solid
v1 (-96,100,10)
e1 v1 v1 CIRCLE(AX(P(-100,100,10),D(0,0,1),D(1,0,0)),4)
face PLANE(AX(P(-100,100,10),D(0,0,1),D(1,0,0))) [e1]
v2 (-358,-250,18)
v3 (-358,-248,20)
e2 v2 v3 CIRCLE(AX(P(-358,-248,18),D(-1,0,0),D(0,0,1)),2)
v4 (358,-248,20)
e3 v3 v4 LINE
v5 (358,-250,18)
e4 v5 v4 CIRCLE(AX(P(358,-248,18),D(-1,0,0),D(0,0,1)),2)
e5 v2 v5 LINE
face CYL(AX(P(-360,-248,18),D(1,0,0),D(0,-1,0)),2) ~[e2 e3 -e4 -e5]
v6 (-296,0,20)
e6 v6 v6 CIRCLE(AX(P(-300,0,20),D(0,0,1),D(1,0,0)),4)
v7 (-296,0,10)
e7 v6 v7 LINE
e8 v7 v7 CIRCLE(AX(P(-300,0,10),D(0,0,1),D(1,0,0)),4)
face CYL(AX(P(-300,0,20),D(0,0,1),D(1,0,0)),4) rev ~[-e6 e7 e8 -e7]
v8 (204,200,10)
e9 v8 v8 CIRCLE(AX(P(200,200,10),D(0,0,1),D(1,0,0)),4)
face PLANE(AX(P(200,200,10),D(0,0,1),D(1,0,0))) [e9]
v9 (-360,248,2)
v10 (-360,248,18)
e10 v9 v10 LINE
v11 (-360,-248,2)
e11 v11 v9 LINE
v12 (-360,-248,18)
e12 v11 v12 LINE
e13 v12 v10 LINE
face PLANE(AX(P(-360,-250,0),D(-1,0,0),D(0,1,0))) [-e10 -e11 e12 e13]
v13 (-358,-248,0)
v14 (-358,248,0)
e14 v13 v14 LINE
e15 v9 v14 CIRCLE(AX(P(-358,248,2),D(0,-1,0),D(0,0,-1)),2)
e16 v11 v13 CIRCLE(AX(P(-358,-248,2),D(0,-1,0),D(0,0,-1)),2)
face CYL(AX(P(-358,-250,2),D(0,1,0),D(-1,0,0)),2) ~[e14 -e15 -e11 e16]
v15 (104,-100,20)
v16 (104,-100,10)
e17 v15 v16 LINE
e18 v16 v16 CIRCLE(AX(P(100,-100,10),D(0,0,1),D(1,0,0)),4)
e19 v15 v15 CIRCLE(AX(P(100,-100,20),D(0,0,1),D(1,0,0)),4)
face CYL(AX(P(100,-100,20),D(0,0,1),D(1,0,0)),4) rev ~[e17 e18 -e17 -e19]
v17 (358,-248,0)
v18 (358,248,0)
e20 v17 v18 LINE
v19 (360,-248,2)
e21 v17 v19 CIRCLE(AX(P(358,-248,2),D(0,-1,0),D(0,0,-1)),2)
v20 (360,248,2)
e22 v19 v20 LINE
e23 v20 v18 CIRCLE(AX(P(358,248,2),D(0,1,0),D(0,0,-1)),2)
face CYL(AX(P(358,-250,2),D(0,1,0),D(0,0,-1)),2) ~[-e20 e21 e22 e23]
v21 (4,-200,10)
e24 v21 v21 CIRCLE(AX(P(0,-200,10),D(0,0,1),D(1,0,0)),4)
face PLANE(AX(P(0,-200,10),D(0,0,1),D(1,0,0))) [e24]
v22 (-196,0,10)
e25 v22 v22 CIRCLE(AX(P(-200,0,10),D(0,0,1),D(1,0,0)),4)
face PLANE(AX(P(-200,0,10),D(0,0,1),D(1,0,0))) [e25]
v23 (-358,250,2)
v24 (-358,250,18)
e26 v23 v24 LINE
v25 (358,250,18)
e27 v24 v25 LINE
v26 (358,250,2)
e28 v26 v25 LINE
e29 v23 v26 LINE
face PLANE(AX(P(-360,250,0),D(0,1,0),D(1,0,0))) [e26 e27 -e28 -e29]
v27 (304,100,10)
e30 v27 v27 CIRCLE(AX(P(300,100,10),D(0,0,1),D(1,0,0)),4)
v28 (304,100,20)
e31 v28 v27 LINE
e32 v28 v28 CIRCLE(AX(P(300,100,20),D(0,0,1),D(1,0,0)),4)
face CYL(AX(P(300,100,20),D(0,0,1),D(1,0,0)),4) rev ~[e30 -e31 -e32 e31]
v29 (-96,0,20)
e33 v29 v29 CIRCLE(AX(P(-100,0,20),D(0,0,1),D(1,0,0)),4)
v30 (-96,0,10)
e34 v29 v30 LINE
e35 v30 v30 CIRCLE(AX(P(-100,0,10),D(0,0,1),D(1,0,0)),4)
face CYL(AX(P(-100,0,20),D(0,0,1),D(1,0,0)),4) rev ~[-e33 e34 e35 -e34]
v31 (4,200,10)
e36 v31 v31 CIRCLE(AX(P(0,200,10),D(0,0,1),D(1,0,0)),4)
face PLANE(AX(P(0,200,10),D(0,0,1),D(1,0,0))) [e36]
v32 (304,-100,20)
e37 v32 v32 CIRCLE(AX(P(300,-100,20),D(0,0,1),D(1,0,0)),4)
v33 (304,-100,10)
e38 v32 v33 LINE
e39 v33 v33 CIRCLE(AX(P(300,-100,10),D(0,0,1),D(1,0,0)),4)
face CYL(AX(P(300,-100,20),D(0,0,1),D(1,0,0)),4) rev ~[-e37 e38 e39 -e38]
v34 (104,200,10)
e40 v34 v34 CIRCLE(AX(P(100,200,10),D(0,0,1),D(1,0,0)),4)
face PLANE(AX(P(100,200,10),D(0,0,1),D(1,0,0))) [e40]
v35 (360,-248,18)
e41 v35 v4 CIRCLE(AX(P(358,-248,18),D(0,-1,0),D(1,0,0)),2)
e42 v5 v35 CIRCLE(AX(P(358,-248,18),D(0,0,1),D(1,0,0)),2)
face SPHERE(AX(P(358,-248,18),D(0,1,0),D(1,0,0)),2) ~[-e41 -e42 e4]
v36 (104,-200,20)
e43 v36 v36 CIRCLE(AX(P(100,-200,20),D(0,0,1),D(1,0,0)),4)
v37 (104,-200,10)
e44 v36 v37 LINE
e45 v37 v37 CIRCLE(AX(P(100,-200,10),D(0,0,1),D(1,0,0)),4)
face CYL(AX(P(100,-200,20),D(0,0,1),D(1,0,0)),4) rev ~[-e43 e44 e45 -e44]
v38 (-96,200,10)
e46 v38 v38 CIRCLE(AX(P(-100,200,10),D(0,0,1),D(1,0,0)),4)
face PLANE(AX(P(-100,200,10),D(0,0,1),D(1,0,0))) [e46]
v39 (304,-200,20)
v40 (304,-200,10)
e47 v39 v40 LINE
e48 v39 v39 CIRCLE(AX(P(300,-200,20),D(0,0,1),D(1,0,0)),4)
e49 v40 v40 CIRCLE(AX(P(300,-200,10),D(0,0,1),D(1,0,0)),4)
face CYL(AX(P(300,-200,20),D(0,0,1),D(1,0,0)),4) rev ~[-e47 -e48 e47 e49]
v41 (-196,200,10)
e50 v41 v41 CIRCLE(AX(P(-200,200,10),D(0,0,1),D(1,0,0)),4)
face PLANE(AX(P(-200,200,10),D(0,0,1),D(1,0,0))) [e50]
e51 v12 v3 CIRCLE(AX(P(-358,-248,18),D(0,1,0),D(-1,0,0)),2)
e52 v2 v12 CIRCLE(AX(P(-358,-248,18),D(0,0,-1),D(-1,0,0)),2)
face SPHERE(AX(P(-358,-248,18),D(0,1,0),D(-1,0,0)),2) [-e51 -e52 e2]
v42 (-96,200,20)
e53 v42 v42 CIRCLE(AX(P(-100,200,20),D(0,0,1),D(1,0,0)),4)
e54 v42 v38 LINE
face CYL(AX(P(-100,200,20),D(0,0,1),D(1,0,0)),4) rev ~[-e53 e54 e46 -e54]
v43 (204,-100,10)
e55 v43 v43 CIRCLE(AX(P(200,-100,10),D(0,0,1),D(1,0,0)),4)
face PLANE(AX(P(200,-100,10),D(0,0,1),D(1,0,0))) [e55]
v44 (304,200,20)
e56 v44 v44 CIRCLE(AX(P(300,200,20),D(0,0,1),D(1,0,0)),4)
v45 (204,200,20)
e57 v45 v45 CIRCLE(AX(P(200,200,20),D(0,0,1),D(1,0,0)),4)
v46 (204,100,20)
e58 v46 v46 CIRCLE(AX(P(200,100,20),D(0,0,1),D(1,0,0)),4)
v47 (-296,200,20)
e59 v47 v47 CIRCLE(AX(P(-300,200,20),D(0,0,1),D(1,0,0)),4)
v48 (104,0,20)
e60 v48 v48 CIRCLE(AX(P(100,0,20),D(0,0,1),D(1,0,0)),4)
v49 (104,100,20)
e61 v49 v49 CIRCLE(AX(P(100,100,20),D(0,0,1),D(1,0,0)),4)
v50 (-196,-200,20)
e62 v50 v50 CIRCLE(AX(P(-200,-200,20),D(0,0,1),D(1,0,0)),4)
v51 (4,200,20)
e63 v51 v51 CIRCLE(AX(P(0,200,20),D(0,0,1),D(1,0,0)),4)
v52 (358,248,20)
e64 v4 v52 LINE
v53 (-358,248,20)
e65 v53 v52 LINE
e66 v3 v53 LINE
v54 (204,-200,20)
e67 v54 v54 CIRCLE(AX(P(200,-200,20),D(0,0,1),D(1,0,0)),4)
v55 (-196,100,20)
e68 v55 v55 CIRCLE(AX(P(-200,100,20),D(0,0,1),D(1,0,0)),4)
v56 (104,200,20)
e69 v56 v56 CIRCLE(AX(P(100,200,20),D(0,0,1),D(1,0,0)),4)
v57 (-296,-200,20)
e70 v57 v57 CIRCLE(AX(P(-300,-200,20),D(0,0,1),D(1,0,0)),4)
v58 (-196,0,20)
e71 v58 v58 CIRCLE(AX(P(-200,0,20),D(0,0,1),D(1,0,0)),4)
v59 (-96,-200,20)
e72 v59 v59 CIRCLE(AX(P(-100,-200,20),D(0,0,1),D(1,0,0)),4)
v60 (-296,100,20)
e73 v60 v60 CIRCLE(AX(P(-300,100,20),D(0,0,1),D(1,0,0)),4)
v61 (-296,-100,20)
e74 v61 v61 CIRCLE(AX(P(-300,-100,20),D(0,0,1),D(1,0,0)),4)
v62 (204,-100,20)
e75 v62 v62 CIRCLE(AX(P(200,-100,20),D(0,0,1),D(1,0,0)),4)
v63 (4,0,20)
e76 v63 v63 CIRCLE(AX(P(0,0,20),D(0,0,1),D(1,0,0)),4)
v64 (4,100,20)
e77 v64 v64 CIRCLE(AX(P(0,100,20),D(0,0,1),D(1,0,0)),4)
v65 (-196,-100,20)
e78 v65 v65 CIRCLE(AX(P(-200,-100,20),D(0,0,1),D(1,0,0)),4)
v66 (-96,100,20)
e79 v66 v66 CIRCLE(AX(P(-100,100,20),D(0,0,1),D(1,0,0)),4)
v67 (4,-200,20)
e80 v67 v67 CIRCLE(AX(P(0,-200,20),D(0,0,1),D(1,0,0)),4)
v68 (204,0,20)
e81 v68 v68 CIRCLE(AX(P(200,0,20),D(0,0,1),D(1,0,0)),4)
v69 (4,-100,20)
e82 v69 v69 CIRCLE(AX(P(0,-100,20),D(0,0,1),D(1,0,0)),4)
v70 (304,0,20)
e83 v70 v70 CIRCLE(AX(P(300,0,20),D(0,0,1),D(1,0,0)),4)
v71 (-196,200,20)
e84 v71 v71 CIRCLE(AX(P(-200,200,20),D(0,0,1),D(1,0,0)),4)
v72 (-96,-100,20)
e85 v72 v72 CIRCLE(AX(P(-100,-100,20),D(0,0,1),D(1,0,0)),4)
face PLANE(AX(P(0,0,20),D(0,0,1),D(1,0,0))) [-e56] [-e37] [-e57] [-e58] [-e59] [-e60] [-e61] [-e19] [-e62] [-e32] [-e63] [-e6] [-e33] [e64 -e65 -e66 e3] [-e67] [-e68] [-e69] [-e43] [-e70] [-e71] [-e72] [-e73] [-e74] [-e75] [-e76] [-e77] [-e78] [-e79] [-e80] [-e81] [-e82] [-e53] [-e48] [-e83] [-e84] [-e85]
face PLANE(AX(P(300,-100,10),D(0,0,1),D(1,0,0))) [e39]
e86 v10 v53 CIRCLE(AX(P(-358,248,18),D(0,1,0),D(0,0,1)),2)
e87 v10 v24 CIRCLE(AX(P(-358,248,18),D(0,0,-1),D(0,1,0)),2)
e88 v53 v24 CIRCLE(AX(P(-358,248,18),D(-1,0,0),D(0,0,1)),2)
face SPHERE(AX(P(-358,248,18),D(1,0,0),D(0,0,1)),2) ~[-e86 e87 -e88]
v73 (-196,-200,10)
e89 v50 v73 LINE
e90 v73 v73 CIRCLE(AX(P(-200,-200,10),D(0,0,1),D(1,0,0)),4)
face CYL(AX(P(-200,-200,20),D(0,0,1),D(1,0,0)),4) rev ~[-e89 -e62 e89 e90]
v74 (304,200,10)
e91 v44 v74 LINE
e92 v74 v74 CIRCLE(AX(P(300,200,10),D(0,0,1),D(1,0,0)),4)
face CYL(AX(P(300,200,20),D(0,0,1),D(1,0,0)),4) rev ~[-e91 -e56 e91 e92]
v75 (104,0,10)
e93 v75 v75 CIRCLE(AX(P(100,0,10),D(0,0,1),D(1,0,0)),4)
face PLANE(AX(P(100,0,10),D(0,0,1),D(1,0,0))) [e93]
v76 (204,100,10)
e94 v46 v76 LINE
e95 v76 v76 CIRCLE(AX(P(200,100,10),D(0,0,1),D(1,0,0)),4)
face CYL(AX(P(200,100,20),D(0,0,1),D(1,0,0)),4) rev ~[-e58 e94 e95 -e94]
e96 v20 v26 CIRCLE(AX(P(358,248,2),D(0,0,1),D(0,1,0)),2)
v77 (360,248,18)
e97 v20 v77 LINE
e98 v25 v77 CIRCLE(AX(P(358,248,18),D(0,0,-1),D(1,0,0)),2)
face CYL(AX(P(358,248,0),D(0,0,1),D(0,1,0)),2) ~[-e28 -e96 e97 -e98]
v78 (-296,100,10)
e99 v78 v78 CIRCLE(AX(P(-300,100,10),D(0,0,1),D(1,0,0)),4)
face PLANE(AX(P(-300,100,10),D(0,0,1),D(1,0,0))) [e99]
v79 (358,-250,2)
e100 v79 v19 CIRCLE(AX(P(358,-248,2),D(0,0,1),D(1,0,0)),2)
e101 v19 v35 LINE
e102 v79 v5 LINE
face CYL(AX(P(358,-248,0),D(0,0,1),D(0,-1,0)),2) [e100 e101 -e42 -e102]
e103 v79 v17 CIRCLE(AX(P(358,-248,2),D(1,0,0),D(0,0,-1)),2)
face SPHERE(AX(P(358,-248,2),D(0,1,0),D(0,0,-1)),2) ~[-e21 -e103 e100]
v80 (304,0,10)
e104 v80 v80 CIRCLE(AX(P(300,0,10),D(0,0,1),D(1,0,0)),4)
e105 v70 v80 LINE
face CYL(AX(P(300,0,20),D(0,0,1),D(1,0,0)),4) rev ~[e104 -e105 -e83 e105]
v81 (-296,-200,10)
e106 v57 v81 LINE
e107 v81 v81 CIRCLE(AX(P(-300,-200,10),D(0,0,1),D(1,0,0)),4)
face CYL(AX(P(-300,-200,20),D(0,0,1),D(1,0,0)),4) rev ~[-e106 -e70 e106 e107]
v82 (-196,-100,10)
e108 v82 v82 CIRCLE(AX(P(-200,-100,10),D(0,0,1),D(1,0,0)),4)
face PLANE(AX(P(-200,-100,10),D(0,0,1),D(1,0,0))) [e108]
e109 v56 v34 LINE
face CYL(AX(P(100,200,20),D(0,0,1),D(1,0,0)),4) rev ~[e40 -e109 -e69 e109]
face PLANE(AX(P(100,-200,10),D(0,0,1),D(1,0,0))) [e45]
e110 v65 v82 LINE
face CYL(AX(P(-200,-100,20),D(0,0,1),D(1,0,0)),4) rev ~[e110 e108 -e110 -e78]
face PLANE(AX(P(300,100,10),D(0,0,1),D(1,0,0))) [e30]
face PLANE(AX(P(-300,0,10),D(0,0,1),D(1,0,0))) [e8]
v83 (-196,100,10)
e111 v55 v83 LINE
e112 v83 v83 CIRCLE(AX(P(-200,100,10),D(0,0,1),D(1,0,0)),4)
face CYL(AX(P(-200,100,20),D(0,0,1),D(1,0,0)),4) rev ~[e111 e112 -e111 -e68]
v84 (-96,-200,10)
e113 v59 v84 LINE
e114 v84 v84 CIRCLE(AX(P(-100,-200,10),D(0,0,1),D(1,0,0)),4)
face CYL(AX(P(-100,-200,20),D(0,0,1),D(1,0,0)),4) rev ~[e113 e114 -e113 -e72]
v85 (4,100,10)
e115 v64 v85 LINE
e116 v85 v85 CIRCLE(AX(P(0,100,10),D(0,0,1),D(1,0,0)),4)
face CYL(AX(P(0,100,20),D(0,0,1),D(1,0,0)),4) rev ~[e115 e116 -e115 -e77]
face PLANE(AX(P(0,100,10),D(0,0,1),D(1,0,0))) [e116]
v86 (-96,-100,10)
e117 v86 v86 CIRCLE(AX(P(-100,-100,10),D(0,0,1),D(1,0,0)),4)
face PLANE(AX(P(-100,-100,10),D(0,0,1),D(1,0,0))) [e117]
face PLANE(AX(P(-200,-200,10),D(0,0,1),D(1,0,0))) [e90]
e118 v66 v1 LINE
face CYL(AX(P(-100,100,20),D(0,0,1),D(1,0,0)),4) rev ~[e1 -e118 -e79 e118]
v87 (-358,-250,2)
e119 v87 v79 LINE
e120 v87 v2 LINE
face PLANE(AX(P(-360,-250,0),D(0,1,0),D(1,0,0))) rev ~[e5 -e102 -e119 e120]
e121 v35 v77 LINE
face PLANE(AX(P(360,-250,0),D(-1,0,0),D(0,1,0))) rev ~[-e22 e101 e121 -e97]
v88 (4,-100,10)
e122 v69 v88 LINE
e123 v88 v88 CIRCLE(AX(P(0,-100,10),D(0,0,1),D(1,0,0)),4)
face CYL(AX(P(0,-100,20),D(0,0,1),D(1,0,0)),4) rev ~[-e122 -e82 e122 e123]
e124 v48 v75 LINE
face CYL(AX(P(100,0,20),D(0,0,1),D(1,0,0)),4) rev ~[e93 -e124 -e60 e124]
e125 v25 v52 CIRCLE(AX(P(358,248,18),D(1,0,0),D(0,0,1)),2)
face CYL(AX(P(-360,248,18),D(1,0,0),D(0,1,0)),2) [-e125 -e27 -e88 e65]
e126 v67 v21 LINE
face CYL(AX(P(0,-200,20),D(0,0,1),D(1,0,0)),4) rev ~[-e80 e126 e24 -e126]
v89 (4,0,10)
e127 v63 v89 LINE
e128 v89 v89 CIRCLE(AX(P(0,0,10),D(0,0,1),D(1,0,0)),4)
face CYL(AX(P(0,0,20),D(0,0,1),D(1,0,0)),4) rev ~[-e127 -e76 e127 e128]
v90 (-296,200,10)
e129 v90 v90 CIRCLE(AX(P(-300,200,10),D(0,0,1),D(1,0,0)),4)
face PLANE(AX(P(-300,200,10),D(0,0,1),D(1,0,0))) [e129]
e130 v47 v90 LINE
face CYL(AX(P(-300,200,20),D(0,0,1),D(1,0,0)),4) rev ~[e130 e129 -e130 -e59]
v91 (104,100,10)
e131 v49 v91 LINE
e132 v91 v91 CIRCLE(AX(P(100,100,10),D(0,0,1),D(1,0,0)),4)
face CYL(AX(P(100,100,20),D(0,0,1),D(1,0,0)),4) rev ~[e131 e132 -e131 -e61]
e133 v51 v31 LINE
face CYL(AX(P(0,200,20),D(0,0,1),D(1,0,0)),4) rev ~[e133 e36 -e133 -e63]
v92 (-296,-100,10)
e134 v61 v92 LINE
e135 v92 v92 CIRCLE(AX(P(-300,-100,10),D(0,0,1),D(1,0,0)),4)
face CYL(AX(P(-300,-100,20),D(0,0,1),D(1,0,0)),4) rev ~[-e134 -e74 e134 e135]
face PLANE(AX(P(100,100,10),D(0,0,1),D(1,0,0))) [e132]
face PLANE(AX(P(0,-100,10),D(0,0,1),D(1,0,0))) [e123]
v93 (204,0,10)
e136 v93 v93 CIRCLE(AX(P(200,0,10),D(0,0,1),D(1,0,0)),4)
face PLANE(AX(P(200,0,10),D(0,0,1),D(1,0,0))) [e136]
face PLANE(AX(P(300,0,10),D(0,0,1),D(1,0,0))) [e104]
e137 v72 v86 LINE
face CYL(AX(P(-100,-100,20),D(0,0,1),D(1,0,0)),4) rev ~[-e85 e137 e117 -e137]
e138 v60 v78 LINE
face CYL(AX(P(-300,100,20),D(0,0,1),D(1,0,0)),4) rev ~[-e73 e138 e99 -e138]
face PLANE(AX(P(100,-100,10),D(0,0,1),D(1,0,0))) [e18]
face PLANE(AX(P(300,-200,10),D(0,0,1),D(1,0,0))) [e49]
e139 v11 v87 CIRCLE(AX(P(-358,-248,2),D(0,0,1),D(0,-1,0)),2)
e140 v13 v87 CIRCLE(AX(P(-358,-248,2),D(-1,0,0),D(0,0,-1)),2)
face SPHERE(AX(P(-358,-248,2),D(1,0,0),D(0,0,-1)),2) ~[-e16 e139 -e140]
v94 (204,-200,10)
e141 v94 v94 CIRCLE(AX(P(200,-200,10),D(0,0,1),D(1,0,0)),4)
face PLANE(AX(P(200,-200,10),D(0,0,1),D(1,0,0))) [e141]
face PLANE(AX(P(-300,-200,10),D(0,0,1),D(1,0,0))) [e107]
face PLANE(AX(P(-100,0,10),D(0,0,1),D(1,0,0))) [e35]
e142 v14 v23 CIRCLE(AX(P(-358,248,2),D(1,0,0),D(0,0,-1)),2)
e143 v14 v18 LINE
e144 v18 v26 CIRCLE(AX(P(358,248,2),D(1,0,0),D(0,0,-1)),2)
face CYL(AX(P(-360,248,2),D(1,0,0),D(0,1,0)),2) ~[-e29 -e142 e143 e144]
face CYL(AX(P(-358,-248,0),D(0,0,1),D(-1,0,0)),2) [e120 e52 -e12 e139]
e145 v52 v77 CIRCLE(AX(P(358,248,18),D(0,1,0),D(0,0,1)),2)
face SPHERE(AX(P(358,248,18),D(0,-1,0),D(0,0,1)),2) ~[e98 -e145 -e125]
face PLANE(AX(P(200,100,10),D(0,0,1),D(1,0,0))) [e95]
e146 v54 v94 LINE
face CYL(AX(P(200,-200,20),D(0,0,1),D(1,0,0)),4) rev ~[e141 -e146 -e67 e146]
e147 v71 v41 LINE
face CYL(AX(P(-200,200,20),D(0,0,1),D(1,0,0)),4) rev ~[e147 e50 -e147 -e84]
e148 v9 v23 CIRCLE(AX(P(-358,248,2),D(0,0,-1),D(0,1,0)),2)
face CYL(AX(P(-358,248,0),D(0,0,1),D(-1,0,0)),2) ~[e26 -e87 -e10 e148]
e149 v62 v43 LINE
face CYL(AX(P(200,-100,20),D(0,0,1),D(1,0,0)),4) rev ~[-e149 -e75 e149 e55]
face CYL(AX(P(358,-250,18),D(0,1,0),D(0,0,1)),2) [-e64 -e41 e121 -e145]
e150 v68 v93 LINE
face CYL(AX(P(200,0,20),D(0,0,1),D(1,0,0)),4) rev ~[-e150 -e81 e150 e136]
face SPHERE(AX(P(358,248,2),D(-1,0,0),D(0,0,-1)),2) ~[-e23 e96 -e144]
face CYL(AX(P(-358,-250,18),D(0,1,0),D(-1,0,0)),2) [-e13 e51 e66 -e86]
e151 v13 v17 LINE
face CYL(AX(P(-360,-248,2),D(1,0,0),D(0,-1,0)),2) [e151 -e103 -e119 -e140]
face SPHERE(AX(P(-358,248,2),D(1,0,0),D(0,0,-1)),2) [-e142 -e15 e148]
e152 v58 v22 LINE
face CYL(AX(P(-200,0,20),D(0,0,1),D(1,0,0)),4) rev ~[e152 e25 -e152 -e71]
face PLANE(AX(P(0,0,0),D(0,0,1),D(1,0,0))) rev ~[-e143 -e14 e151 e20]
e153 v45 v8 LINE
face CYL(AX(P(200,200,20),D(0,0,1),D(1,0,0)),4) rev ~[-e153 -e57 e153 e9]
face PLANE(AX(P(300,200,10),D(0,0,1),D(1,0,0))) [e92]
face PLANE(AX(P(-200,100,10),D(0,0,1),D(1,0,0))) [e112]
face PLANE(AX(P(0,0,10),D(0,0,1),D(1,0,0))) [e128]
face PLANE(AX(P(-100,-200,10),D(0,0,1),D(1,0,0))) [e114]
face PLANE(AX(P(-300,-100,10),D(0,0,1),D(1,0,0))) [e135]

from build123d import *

# Parameters (mm, degrees)
SKETCH1_W           = 720
SKETCH1_H           = 500
BOSS_EXTRUDE1_DEPTH = 20
SKETCH2_R           = 4
CUT_EXTRUDE1_DEPTH  = 10
FILLET1_R           = 2


with BuildPart() as part:
    # Sketch1 → Boss-Extrude1 (new body)
    with BuildSketch(Plane.XY):
        Rectangle(SKETCH1_W, SKETCH1_H)
    extrude(amount=BOSS_EXTRUDE1_DEPTH)

    # Sketch2 → Cut-Extrude1 (cut)
    with BuildSketch(Plane.XY.offset(20)):
        with Locations((-300, 200)):
            Circle(SKETCH2_R)
        with Locations((-200, 200)):
            Circle(SKETCH2_R)
        with Locations((-100, 200)):
            Circle(SKETCH2_R)
        with Locations((0, 200)):
            Circle(SKETCH2_R)
        with Locations((100, 200)):
            Circle(SKETCH2_R)
        with Locations((200, 200)):
            Circle(SKETCH2_R)
        with Locations((300, 200)):
            Circle(SKETCH2_R)
        with Locations((-200, 100)):
            Circle(SKETCH2_R)
        with Locations((-100, 100)):
            Circle(SKETCH2_R)
        with Locations((0, 100)):
            Circle(SKETCH2_R)
        with Locations((100, 100)):
            Circle(SKETCH2_R)
        with Locations((200, 100)):
            Circle(SKETCH2_R)
        with Locations((300, 100)):
            Circle(SKETCH2_R)
        with Locations((-200, 0)):
            Circle(SKETCH2_R)
        with Locations((-100, 0)):
            Circle(SKETCH2_R)
        Circle(SKETCH2_R)
        with Locations((100, 0)):
            Circle(SKETCH2_R)
        with Locations((200, 0)):
            Circle(SKETCH2_R)
        with Locations((300, 0)):
            Circle(SKETCH2_R)
        with Locations((-200, -100)):
            Circle(SKETCH2_R)
        with Locations((-100, -100)):
            Circle(SKETCH2_R)
        with Locations((0, -100)):
            Circle(SKETCH2_R)
        with Locations((100, -100)):
            Circle(SKETCH2_R)
        with Locations((200, -100)):
            Circle(SKETCH2_R)
        with Locations((300, -100)):
            Circle(SKETCH2_R)
        with Locations((-200, -200)):
            Circle(SKETCH2_R)
        with Locations((-100, -200)):
            Circle(SKETCH2_R)
        with Locations((0, -200)):
            Circle(SKETCH2_R)
        with Locations((100, -200)):
            Circle(SKETCH2_R)
        with Locations((200, -200)):
            Circle(SKETCH2_R)
        with Locations((300, -200)):
            Circle(SKETCH2_R)
        with Locations((-300, 100)):
            Circle(SKETCH2_R)
        with Locations((-300, 0)):
            Circle(SKETCH2_R)
        with Locations((-300, -100)):
            Circle(SKETCH2_R)
        with Locations((-300, -200)):
            Circle(SKETCH2_R)
    extrude(amount=-CUT_EXTRUDE1_DEPTH, mode=Mode.SUBTRACT)

    # Fillet1
    fillet1_edges = [part.edges().sort_by_distance(p)[0] for p in [
        (360, 0, 20),
        (0, 250, 20),
        (-360, 0, 20),
        (0, 250, 0),
        (360, 0, 0),
        (0, -250, 0),
        (-360, 0, 0),
        (-360, 250, 10),
        (360, 250, 10),
        (360, -250, 10),
        (-360, -250, 10),
        (0, -250, 20),
    ]]
    fillet(fillet1_edges, radius=FILLET1_R)


solid = part.part
